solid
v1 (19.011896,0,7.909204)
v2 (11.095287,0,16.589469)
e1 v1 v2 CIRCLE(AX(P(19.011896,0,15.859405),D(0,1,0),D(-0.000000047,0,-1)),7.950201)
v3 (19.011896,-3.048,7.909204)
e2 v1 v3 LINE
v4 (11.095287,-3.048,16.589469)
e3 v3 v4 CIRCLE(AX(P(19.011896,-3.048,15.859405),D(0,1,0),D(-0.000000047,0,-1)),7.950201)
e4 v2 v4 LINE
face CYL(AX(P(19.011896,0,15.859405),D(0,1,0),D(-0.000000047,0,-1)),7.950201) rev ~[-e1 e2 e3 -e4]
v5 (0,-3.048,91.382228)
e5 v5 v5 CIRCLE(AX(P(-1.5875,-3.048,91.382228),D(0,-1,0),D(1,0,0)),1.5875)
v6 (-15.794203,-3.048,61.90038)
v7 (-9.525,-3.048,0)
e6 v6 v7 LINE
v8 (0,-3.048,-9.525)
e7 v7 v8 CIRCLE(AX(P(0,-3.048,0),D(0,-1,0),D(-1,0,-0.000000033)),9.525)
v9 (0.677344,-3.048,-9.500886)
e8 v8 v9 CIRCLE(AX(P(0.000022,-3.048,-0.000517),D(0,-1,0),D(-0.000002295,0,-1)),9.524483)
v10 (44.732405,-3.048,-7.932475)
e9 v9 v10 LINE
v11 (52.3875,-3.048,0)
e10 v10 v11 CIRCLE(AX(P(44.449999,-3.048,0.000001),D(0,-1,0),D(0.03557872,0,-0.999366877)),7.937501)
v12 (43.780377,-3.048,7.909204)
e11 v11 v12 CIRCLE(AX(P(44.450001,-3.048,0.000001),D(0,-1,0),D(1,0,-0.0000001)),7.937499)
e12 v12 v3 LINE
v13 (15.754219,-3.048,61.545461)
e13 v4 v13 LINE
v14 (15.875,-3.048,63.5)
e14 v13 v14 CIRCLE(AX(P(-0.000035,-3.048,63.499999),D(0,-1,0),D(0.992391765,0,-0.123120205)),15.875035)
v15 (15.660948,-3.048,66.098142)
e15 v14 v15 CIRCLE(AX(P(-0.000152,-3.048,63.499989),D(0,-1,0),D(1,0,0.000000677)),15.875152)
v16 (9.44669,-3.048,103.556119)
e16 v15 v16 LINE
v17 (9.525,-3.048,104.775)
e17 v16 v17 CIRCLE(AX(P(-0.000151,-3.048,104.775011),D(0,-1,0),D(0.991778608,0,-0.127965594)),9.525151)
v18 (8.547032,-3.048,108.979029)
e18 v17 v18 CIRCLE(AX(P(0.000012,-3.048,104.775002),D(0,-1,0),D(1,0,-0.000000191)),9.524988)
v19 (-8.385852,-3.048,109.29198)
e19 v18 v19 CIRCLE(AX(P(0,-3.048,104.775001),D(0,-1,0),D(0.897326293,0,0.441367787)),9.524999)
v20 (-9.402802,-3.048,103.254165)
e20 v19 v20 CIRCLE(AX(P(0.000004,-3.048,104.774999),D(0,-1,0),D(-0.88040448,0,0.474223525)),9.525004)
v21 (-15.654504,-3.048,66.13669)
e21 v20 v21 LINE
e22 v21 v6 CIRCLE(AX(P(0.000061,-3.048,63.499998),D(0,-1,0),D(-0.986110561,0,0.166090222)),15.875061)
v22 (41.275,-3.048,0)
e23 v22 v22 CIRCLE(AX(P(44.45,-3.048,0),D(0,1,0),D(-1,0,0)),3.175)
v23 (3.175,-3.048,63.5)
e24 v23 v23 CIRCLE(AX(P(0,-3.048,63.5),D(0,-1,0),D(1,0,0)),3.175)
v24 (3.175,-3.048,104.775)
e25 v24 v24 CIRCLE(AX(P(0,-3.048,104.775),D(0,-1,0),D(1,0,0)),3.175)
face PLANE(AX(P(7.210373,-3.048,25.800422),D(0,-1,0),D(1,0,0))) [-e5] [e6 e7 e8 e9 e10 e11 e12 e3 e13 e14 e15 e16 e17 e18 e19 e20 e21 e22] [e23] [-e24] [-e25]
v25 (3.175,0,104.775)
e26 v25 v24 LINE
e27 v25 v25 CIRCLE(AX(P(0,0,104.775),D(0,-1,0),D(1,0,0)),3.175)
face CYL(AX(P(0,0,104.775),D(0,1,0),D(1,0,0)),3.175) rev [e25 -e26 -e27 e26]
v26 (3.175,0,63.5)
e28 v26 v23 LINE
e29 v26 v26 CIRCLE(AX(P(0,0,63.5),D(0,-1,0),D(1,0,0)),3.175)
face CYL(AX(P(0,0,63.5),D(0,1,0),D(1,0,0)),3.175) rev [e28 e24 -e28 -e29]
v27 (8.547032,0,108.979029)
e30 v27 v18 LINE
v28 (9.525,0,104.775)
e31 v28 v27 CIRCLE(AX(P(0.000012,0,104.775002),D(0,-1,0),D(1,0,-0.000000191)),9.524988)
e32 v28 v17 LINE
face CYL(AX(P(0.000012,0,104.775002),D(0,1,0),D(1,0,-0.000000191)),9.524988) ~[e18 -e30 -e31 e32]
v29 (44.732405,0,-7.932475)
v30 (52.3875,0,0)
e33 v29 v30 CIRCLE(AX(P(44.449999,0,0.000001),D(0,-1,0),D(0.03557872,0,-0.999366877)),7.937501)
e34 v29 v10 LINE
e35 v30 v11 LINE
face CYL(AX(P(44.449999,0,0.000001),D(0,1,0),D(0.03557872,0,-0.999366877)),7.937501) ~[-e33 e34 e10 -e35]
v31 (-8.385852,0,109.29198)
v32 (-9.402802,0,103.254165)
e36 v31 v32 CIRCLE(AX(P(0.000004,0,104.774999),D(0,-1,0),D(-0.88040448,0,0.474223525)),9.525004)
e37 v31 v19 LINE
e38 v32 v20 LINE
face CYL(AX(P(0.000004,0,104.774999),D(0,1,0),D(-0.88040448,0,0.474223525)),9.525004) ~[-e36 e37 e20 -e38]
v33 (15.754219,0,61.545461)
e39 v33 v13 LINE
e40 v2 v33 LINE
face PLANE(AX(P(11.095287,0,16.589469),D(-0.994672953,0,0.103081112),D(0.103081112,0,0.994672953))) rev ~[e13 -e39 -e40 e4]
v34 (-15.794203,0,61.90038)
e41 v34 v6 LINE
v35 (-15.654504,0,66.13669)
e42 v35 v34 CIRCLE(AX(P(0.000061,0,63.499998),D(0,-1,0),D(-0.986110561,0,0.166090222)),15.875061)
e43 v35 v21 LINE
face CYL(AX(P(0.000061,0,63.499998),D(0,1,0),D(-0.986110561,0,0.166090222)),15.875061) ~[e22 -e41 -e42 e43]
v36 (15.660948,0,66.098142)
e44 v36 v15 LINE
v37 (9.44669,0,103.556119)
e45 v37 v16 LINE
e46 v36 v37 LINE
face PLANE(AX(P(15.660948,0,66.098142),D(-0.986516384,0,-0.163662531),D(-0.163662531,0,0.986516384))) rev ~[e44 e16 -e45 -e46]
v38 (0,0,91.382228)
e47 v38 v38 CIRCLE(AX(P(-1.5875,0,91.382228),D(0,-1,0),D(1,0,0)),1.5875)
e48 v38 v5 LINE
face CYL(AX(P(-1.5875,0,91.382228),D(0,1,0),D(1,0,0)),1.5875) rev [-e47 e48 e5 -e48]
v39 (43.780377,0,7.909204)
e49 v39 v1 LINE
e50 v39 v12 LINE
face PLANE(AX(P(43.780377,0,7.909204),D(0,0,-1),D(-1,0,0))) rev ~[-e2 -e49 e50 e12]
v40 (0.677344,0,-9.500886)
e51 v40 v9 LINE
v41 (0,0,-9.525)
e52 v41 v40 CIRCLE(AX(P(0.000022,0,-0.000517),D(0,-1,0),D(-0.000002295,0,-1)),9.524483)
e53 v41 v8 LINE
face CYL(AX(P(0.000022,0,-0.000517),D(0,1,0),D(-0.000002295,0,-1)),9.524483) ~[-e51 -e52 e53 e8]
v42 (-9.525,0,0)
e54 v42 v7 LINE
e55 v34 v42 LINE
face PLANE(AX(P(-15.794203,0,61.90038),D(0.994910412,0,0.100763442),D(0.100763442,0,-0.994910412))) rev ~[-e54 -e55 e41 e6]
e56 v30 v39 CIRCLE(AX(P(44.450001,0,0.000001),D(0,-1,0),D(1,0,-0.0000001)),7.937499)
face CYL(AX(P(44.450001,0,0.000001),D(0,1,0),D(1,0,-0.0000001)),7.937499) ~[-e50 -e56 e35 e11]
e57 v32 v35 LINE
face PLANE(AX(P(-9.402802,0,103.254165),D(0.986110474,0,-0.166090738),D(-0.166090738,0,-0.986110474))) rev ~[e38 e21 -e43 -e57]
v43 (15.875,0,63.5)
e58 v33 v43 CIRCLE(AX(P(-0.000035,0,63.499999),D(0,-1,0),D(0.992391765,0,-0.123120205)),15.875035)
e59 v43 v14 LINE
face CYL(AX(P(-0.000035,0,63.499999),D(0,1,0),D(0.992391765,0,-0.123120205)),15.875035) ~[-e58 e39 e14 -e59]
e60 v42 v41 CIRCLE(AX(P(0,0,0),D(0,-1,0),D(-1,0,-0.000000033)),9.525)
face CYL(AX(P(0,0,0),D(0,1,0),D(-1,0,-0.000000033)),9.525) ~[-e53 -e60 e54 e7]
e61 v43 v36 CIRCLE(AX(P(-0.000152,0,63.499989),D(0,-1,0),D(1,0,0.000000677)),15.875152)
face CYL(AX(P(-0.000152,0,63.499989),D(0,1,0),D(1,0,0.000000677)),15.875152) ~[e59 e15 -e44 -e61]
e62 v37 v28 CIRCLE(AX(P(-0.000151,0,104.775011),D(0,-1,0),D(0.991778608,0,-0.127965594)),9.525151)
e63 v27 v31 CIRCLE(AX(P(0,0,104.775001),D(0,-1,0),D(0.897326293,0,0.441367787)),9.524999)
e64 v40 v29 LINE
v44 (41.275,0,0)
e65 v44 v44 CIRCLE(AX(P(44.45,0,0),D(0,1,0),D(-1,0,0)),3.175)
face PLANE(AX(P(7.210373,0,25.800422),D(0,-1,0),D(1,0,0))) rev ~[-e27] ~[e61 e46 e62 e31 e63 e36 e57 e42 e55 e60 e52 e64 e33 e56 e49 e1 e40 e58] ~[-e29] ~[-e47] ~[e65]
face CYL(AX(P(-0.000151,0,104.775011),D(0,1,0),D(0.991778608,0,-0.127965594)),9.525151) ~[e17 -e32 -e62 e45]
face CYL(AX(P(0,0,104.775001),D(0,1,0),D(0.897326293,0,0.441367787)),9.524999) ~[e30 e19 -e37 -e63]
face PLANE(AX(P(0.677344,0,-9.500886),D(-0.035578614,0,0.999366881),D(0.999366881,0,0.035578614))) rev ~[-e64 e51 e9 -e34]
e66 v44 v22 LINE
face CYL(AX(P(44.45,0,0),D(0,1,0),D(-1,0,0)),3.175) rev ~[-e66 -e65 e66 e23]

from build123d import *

# Parameters (mm, degrees)
F0_R     = 3.175
F0_R_2   = 1.5875
F1_DEPTH = 3.048


with BuildPart() as f1:
    # F0 (on Front) → F1 (new body)
    with BuildSketch(Plane.XZ):
        with BuildLine():
            ThreePointArc((-9.525, 0), (0, 9.525), (9.525, 0))
            Line((9.525, 0), (36.5125, 0))
            ThreePointArc((36.5125, 0), (38.605385, 5.370697), (43.780377, 7.909204))
            Line((43.780377, 7.909204), (19.011896, 7.909204))
            ThreePointArc((19.011896, 7.909204), (13.137807, 10.502095), (11.095287, 16.589469))
            Line((11.095287, 16.589469), (15.754219, 61.545461))
            ThreePointArc((15.754219, 61.545461), (-0.178582, 47.626004), (-15.794203, 61.90038))
            Line((-15.794203, 61.90038), (-9.525, 0))
        make_face()
        with BuildLine():
            ThreePointArc((0.677344, -9.500886), (6.970557, -6.491299), (9.525, 0))
            ThreePointArc((9.525, 0), (0, 9.525), (-9.525, 0))
            ThreePointArc((-9.525, 0), (-6.735192, -6.735192), (0, -9.525))
            Line((0, -9.525), (0.677344, -9.500886))
        make_face()
        with BuildLine():
            Line((36.5125, 0), (9.525, 0))
            ThreePointArc((9.525, 0), (6.970557, -6.491299), (0.677344, -9.500886))
            Line((0.677344, -9.500886), (44.732405, -7.932475))
            ThreePointArc((44.732405, -7.932475), (38.93809, -5.711633), (36.5125, 0))
        make_face()
        with BuildLine():
            ThreePointArc((47.625, 0), (44.45, 3.175), (41.275, 0))
            ThreePointArc((41.275, 0), (44.45, -3.175), (47.625, 0))
        make_face()
        with BuildLine():
            ThreePointArc((43.780377, 7.909204), (38.605385, 5.370697), (36.5125, 0))
            ThreePointArc((36.5125, 0), (38.93809, -5.711633), (44.732405, -7.932475))
            ThreePointArc((44.732405, -7.932475), (50.161633, -5.51191), (52.3875, 0))
            ThreePointArc((52.3875, 0), (49.820697, 5.844615), (43.780377, 7.909204))
        make_face()
        with BuildLine():
            ThreePointArc((47.625, 0), (44.45, -3.175), (41.275, 0))
            ThreePointArc((41.275, 0), (44.45, 3.175), (47.625, 0))
        make_face(mode=Mode.SUBTRACT)
        with BuildLine():
            ThreePointArc((0, -9.525), (0.338886, -9.51897), (0.677344, -9.500886))
            Line((0.677344, -9.500886), (0, -9.525))
        make_face()
        with BuildLine():
            ThreePointArc((-15.654504, 66.13669), (-15.866375, 64.023219), (-15.794203, 61.90038))
            ThreePointArc((-15.794203, 61.90038), (-0.178582, 47.626004), (15.754219, 61.545461))
            ThreePointArc((15.754219, 61.545461), (15.844776, 62.520866), (15.875, 63.5))
            ThreePointArc((15.875, 63.5), (15.821396, 64.803473), (15.660948, 66.098142))
            ThreePointArc((15.660948, 66.098142), (0.019541, 79.374988), (-15.654504, 66.13669))
        make_face()
        with Locations((0, 63.5)):
            Circle(F0_R, mode=Mode.SUBTRACT)
        with BuildLine():
            Line((-9.402802, 103.254165), (-15.654504, 66.13669))
            ThreePointArc((-15.654504, 66.13669), (0.019541, 79.374988), (15.660948, 66.098142))
            Line((15.660948, 66.098142), (9.44669, 103.556119))
            ThreePointArc((9.44669, 103.556119), (0.152563, 95.251222), (-9.402802, 103.254165))
        make_face()
        with Locations((-1.5875, 91.382228)):
            Circle(F0_R_2, mode=Mode.SUBTRACT)
        with BuildLine():
            Line((-8.385852, 109.29198), (-9.402802, 103.254165))
            ThreePointArc((-9.402802, 103.254165), (0.152563, 95.251222), (9.44669, 103.556119))
            Line((9.44669, 103.556119), (8.547032, 108.979029))
            ThreePointArc((8.547032, 108.979029), (0.176009, 114.298374), (-8.385852, 109.29198))
        make_face()
        with Locations((0, 104.775)):
            Circle(F0_R, mode=Mode.SUBTRACT)
        with BuildLine():
            ThreePointArc((-8.385852, 109.29198), (-9.392702, 106.357014), (-9.402802, 103.254165))
            Line((-9.402802, 103.254165), (-8.385852, 109.29198))
        make_face()
        with BuildLine():
            Line((8.547032, 108.979029), (9.44669, 103.556119))
            ThreePointArc((9.44669, 103.556119), (9.505402, 104.164303), (9.525, 104.775))
            ThreePointArc((9.525, 104.775), (9.277287, 106.933141), (8.547032, 108.979029))
        make_face()
    extrude(amount=F1_DEPTH)


solid = f1.part
